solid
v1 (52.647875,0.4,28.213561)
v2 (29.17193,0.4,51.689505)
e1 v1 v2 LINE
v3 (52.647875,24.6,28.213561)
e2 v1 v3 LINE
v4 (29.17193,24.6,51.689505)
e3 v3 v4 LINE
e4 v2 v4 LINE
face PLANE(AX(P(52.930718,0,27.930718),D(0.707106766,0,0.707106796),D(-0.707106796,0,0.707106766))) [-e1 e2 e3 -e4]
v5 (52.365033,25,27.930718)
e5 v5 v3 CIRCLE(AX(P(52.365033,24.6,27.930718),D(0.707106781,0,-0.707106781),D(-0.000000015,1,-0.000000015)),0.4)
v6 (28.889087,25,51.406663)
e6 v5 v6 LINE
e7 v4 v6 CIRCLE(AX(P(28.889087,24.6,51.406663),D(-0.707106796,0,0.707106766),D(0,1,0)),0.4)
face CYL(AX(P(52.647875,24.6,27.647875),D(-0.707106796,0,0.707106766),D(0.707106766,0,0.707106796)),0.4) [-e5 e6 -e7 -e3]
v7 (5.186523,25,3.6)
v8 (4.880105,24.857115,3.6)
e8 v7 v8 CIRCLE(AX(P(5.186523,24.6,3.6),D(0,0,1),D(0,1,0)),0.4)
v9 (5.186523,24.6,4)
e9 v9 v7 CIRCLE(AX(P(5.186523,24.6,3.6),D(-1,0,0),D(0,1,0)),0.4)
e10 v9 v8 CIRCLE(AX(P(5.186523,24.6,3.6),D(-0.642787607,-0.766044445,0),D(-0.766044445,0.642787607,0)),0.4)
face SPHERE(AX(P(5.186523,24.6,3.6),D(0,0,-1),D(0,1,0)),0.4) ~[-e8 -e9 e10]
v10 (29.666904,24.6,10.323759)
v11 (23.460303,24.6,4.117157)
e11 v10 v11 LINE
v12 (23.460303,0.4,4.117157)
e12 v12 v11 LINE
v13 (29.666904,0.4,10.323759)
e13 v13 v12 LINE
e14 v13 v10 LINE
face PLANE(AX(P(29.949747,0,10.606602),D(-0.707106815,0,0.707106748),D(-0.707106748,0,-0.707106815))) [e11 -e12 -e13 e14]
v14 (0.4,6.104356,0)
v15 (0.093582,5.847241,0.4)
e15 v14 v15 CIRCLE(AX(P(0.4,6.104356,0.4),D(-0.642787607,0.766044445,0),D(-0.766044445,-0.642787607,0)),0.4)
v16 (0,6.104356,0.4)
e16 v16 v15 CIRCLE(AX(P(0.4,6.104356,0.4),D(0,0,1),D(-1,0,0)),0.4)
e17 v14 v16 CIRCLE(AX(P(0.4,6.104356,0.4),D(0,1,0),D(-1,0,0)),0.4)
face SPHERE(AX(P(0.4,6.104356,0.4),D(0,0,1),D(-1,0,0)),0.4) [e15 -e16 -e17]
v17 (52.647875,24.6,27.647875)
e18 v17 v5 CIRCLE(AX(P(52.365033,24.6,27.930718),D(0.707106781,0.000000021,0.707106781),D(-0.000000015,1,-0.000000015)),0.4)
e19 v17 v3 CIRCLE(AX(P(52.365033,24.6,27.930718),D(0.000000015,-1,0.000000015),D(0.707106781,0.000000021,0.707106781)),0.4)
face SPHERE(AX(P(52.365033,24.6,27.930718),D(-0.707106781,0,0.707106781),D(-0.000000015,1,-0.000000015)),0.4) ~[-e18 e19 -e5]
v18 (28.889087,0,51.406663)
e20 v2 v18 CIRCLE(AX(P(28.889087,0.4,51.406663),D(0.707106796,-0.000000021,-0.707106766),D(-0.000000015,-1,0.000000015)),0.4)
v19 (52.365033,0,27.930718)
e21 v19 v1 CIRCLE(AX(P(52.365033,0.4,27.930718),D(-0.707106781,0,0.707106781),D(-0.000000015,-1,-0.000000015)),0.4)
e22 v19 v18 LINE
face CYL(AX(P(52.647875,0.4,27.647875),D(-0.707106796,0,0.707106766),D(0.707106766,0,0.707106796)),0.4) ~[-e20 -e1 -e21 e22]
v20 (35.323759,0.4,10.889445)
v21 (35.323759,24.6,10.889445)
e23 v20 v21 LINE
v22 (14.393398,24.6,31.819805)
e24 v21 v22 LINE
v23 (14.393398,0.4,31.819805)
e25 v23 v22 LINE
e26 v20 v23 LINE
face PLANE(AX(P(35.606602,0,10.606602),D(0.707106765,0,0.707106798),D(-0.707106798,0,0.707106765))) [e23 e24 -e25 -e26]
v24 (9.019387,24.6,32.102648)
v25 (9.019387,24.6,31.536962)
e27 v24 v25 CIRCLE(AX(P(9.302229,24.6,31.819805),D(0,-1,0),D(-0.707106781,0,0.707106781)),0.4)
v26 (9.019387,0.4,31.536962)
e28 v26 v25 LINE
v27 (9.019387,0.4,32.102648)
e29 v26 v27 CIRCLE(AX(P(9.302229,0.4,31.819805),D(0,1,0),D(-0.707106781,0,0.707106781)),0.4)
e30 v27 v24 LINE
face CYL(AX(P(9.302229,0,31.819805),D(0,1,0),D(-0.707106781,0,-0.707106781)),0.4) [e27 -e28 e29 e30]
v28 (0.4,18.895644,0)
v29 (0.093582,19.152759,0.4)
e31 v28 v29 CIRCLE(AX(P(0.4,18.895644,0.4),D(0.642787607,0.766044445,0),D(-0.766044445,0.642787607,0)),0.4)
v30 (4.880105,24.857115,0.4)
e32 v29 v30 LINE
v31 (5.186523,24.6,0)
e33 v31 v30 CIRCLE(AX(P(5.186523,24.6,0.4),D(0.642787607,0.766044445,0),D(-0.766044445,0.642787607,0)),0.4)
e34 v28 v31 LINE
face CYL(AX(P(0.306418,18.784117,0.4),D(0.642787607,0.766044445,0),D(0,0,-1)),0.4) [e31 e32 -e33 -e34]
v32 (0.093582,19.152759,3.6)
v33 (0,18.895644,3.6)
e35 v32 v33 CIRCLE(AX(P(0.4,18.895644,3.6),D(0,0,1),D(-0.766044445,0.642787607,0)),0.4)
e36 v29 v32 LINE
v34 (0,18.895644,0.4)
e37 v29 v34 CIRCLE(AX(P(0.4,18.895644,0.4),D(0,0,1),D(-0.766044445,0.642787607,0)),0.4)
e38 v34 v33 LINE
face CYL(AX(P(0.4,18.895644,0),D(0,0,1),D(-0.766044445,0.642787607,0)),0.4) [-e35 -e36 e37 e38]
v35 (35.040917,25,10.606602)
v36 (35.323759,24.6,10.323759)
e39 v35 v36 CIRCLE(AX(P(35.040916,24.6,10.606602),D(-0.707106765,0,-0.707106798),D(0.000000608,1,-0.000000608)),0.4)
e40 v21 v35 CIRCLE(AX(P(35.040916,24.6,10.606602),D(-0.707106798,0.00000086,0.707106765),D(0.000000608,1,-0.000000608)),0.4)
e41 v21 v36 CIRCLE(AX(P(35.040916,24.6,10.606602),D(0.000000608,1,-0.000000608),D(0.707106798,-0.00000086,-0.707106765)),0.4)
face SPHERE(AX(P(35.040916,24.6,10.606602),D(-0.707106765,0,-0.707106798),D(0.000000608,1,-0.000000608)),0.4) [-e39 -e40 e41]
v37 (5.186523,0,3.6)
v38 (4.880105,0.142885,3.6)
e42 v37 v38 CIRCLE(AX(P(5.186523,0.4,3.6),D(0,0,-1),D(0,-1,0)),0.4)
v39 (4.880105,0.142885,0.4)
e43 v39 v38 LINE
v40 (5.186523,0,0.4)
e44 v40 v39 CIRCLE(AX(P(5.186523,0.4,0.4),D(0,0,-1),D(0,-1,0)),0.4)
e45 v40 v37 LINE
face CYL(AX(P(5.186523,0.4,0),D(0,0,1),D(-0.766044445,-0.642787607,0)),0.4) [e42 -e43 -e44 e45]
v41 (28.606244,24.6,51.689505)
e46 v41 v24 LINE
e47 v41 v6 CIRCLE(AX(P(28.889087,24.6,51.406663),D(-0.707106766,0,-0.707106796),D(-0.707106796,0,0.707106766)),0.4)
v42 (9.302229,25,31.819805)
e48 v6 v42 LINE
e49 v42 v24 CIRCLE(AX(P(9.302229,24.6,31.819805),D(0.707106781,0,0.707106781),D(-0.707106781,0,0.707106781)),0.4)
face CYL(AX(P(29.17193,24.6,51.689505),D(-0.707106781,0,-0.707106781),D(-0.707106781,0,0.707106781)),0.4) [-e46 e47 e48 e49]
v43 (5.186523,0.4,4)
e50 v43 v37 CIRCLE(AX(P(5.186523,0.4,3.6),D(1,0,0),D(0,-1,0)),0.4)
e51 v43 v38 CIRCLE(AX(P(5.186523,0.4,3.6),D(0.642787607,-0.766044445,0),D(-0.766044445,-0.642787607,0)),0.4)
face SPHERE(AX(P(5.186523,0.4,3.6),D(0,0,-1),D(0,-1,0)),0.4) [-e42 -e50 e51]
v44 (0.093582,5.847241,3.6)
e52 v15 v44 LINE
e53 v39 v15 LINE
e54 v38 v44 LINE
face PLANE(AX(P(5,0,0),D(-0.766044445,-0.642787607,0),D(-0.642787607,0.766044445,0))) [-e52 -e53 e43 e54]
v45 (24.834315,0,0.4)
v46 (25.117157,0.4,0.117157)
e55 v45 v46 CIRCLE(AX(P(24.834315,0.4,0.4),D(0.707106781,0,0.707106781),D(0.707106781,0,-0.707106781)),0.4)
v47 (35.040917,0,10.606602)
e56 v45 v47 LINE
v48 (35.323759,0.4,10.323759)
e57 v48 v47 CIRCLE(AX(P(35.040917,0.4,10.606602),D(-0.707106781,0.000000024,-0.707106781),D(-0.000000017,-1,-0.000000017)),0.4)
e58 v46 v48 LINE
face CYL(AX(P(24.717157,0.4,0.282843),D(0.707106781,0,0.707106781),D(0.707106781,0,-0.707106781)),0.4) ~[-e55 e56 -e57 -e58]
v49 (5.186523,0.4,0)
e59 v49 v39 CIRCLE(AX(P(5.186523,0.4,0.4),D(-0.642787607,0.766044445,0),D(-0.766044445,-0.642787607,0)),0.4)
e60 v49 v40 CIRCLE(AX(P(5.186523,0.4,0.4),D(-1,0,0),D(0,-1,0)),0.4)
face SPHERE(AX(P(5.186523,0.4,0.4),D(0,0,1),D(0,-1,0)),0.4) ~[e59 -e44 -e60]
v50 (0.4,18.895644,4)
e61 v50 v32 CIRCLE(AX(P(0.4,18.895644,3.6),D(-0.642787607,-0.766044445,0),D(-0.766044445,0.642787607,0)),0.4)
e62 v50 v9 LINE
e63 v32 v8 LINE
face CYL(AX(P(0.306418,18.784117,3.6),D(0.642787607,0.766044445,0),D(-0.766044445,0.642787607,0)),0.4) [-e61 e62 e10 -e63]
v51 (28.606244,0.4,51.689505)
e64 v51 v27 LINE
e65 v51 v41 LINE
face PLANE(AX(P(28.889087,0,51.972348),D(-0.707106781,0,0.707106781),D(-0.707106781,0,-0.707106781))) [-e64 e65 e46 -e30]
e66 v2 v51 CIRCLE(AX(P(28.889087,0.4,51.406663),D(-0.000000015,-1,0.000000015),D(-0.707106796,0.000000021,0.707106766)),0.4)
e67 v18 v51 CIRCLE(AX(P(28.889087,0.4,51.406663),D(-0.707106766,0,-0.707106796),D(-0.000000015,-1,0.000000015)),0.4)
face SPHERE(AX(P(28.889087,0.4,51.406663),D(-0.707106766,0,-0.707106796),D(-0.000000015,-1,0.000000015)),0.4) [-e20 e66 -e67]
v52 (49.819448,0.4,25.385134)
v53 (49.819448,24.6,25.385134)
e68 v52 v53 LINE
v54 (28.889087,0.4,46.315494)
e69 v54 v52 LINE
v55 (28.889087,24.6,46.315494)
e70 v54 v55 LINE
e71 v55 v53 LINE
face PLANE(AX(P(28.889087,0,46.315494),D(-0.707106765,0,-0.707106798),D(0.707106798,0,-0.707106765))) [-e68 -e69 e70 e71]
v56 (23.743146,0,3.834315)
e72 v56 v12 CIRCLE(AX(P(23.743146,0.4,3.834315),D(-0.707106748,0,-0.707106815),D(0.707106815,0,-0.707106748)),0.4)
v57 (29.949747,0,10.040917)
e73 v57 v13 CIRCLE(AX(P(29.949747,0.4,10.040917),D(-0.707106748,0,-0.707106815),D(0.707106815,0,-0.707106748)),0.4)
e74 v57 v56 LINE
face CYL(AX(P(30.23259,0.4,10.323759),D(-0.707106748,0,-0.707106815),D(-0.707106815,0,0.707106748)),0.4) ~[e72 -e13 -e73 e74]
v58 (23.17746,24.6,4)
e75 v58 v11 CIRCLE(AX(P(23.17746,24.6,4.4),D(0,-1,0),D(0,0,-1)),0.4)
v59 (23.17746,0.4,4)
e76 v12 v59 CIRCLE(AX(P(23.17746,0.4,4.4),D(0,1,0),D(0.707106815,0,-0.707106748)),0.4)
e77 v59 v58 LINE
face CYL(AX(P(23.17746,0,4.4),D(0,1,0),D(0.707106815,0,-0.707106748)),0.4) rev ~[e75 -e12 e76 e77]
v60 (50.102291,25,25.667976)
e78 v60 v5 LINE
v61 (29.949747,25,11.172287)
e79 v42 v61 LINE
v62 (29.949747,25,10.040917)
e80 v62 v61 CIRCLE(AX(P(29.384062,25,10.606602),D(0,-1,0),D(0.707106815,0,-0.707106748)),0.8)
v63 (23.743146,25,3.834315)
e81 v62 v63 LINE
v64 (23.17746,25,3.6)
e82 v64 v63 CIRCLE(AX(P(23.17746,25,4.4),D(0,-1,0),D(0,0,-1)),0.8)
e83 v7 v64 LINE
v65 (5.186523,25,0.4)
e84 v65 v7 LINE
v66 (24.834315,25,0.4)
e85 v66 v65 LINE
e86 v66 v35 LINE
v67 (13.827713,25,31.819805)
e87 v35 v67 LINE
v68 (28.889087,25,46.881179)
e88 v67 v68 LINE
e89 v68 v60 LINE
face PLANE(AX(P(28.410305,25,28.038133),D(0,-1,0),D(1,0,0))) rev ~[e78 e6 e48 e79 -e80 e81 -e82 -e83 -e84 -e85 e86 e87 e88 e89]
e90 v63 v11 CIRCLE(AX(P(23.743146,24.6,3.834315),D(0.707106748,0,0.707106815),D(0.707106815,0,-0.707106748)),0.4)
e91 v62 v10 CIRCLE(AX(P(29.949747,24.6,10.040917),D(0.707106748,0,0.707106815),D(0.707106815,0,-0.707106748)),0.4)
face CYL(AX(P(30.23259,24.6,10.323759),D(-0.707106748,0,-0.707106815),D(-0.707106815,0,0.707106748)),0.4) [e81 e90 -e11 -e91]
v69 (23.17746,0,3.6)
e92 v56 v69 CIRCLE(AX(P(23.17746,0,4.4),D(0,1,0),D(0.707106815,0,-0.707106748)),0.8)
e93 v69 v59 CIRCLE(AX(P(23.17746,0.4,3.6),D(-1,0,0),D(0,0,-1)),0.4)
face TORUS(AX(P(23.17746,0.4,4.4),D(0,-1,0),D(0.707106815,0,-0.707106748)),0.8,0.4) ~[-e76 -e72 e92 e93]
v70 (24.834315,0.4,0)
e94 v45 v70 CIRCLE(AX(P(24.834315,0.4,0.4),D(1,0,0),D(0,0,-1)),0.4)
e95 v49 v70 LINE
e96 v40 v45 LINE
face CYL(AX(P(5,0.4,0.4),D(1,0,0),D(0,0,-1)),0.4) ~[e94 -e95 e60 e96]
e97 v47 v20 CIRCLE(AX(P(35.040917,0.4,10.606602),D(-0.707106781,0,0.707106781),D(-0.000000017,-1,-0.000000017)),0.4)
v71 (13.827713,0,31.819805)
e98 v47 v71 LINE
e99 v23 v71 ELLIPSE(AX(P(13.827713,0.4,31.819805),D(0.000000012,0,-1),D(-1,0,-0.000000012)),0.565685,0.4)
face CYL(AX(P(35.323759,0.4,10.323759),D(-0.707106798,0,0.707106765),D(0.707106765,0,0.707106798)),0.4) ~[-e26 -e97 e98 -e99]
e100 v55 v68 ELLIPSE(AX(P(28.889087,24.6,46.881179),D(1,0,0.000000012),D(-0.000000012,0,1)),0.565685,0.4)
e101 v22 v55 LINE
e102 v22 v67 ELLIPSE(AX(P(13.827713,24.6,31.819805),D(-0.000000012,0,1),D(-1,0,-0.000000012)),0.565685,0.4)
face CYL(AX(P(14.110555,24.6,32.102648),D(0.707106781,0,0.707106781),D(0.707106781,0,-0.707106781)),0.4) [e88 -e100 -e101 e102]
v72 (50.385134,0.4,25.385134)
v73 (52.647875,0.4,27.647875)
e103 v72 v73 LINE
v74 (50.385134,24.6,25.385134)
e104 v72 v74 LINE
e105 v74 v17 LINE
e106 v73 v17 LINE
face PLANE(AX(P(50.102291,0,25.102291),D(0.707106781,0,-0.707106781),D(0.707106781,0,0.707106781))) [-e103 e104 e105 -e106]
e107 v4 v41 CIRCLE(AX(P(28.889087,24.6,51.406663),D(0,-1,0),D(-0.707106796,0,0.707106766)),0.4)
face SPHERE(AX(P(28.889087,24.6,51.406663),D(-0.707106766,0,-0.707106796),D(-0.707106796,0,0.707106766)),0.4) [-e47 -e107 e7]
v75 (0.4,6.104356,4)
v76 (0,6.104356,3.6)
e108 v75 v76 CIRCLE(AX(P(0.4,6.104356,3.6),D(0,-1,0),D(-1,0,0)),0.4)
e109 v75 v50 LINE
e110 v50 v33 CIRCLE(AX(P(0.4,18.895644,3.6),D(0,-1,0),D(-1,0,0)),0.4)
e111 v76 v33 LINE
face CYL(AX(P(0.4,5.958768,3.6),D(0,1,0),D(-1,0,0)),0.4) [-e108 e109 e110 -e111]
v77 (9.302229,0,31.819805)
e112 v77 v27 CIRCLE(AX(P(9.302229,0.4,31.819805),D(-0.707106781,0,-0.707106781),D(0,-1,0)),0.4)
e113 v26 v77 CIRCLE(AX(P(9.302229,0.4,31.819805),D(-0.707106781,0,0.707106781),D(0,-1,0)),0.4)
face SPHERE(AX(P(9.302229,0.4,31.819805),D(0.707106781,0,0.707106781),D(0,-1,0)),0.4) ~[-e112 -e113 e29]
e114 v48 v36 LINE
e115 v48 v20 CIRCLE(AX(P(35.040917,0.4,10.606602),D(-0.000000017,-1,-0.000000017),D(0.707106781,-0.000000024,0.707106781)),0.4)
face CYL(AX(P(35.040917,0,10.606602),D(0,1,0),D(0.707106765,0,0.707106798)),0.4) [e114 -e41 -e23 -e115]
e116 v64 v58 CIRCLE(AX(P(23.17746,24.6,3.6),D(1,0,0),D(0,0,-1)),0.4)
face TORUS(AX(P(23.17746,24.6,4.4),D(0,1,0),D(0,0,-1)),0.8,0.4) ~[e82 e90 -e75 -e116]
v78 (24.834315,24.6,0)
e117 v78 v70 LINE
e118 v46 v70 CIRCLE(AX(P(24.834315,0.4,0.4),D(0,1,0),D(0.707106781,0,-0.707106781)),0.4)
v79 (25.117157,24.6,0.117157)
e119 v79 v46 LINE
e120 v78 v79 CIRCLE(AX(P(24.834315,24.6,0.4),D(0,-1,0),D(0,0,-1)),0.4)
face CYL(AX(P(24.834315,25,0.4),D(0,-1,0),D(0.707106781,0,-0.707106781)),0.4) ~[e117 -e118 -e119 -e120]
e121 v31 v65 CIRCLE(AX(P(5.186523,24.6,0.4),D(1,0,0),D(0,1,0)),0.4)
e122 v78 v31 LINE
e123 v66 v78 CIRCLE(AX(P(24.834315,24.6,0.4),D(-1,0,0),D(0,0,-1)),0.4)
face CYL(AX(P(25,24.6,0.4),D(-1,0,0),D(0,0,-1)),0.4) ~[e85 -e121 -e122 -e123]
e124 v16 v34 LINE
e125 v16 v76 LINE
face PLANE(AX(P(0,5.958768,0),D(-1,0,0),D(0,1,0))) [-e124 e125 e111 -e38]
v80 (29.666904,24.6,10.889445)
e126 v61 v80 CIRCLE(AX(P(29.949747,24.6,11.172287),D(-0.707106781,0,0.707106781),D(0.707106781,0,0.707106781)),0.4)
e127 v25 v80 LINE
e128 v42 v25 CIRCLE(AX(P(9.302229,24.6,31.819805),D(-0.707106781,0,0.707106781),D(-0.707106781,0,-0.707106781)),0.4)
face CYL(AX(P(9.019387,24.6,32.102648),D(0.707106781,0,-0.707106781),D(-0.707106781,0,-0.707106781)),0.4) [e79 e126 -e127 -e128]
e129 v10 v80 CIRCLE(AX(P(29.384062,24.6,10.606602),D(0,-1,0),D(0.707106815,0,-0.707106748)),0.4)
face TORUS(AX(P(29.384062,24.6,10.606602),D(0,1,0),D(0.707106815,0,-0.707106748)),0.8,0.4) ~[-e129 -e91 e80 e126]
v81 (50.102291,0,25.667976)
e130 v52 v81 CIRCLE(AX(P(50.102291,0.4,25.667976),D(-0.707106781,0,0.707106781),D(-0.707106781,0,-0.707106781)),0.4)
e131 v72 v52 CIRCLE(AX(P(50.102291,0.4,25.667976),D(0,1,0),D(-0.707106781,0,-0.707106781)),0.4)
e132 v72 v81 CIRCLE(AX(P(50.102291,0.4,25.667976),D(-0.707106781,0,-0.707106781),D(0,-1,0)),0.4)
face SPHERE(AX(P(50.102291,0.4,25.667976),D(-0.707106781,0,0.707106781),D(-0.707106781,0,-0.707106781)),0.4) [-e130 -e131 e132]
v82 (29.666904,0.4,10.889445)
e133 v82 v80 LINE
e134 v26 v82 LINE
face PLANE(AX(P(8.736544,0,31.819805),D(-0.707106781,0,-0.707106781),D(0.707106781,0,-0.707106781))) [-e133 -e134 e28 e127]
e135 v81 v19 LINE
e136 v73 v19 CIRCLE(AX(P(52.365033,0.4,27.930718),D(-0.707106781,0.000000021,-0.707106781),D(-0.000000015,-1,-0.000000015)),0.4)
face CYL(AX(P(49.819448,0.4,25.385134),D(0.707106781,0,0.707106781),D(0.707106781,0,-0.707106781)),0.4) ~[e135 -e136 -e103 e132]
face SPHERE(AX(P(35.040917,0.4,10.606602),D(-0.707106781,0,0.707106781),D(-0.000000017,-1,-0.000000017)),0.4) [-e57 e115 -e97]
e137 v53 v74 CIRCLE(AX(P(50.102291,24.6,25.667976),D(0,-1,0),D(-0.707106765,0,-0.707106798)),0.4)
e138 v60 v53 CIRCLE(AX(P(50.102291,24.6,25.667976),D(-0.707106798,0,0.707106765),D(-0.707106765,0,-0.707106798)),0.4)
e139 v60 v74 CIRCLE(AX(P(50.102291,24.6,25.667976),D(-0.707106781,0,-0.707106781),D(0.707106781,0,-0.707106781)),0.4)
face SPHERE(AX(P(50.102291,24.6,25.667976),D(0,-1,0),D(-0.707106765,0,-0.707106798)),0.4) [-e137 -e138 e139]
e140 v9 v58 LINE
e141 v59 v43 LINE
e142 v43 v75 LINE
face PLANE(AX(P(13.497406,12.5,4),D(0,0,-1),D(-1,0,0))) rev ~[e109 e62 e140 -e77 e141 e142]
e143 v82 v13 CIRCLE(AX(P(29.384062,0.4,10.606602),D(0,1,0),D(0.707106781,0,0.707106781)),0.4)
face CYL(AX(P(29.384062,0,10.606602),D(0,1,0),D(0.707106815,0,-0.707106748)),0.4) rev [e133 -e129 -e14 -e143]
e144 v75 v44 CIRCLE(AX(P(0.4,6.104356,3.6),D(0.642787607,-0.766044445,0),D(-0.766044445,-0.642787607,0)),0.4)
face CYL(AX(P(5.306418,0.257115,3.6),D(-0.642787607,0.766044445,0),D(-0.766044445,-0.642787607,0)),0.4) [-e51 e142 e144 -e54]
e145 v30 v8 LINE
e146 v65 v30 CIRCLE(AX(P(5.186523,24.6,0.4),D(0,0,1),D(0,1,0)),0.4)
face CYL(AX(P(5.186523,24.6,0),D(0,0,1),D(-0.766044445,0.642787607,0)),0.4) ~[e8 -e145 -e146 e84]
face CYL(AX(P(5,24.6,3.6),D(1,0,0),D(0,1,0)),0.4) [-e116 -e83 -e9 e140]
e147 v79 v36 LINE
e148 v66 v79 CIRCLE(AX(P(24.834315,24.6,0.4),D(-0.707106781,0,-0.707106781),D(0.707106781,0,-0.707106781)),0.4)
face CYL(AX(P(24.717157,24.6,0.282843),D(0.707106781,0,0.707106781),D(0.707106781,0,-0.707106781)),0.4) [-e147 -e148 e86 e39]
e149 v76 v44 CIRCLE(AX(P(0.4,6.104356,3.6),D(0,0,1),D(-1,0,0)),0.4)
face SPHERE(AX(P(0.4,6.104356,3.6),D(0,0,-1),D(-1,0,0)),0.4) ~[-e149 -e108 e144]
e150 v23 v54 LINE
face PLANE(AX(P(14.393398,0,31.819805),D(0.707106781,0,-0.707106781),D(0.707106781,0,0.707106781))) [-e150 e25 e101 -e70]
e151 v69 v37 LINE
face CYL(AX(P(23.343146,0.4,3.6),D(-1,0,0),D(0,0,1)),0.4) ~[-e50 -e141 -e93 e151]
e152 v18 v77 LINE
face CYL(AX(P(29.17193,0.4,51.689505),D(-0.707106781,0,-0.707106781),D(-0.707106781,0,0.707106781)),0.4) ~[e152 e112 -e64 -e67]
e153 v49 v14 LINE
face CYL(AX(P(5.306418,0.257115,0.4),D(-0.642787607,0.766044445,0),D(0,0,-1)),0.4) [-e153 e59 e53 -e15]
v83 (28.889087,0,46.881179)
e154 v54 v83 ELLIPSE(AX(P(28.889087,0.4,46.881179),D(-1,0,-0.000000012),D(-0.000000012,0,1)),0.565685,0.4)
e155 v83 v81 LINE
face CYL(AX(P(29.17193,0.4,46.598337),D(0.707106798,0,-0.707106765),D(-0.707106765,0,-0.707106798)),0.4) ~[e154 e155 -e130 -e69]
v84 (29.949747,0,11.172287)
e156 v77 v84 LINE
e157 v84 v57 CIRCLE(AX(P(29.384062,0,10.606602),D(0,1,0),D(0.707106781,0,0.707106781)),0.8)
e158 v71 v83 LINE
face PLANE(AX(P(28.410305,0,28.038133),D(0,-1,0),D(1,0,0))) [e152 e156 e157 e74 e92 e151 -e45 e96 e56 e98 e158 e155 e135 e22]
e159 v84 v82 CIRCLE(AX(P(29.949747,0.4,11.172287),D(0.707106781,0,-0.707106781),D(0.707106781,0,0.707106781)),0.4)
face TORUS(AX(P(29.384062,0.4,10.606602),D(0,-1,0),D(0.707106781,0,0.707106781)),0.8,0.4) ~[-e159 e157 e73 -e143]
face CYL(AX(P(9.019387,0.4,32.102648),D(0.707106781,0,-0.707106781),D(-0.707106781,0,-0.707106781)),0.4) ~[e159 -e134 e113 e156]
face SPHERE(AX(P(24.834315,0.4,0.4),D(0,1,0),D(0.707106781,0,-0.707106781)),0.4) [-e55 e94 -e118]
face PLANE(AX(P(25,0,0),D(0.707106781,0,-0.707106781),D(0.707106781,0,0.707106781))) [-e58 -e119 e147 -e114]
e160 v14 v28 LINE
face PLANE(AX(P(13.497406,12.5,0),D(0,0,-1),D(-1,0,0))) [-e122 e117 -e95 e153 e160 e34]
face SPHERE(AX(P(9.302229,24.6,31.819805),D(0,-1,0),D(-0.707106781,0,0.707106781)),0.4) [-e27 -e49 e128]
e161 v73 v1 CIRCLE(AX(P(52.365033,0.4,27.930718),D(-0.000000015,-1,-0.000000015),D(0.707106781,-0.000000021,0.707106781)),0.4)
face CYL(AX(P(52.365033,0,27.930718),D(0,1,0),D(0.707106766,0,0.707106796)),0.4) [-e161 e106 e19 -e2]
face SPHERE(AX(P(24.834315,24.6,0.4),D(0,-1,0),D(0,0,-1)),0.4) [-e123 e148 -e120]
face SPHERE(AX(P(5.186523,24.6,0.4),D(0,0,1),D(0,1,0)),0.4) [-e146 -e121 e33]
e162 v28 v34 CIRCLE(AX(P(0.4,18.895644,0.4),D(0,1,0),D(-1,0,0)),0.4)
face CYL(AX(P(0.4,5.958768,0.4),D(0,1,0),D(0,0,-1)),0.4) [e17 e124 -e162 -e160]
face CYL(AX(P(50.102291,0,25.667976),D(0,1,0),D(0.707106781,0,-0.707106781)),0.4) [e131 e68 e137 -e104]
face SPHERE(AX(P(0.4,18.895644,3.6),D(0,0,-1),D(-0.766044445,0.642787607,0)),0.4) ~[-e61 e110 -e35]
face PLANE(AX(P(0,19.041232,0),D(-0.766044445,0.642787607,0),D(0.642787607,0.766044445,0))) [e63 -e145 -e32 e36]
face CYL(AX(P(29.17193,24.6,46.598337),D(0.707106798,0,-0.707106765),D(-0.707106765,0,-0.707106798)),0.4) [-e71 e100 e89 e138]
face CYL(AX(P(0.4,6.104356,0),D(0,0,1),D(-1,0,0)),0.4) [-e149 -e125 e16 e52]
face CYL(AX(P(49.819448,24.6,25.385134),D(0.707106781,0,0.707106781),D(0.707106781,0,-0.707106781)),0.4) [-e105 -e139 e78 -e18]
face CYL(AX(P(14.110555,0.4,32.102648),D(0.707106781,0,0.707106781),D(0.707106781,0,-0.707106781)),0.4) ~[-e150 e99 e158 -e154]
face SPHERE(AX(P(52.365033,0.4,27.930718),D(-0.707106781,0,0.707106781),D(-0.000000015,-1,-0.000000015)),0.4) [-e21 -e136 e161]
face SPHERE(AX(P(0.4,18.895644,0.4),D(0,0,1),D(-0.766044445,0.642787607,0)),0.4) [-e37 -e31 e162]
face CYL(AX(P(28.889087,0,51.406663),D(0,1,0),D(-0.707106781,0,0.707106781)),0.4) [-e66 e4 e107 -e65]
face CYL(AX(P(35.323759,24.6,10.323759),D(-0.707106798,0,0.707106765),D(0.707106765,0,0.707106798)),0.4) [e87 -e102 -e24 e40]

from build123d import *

# Parameters (mm, degrees)
PAD_DEPTH    = 4
PAD001_DEPTH = 25
FILLET_R     = 0.4


with BuildPart() as part:
    # Sketch → Pad (new body)
    with BuildSketch(Plane.XY):
        Polygon((5, 0), (0, 5.958768), (0, 19.041232), (5, 25), (25, 25), (25, 0), align=None)
    extrude(amount=PAD_DEPTH)

    # Sketch001 → Pad001 (join)
    with BuildSketch(Plane.XZ):
        Polygon((29.949747, 10.606602), (19.343146, 0), (25, 0), (35.606602, 10.606602), (14.393398, 31.819805), (28.889087, 46.315494), (50.102291, 25.102291), (52.930718, 27.930718), (28.889087, 51.972348), (8.736544, 31.819805), align=None)
    extrude(amount=-PAD001_DEPTH)

    # Fillet
    fillet_edges = [part.edges().sort_by_distance(p)[0] for p in [
        (25, 0, 21.213203),
        (21.641243, 0, 39.06765),
        (18.812816, 0, 41.896077),
        (19.343146, 0, 21.213203),
        (26.646447, 0, 7.303301),
        (30.303301, 0, 5.303301),
        (12.171573, 0, 0),
        (22.171573, 0, 0),
        (14.171573, 0, 4),
        (2.5, 2.979384, 4),
        (2.5, 2.979384, 0),
        (5, 0, 2),
        (0, 5.958768, 2),
        (39.495689, 0, 35.708892),
        (40.909903, 0, 39.951533),
        (50.102291, 12.5, 25.102291),
        (51.516504, 0, 26.516504),
        (8.736544, 12.5, 31.819805),
        (0, 12.5, 4),
        (0, 12.5, 0),
        (0, 19.041232, 2),
        (2.5, 22.020616, 4),
        (2.5, 22.020616, 0),
        (5, 25, 2),
        (18.812816, 25, 41.896077),
        (28.889087, 12.5, 51.972348),
        (19.343146, 25, 21.213203),
        (29.949747, 12.5, 10.606602),
        (23.343146, 12.5, 4),
        (14.171573, 25, 4),
        (12.171573, 25, 0),
        (22.171573, 25, 0),
        (30.303301, 25, 5.303301),
        (25, 25, 21.213203),
        (21.641243, 25, 39.06765),
        (39.495689, 25, 35.708892),
        (40.909903, 25, 39.951533),
        (51.516504, 25, 26.516504),
        (52.930718, 12.5, 27.930718),
        (35.606602, 12.5, 10.606602),
        (26.646447, 25, 7.303301),
        (25, 12.5, 0),
    ]]
    fillet(fillet_edges, radius=FILLET_R)


solid = part.part
